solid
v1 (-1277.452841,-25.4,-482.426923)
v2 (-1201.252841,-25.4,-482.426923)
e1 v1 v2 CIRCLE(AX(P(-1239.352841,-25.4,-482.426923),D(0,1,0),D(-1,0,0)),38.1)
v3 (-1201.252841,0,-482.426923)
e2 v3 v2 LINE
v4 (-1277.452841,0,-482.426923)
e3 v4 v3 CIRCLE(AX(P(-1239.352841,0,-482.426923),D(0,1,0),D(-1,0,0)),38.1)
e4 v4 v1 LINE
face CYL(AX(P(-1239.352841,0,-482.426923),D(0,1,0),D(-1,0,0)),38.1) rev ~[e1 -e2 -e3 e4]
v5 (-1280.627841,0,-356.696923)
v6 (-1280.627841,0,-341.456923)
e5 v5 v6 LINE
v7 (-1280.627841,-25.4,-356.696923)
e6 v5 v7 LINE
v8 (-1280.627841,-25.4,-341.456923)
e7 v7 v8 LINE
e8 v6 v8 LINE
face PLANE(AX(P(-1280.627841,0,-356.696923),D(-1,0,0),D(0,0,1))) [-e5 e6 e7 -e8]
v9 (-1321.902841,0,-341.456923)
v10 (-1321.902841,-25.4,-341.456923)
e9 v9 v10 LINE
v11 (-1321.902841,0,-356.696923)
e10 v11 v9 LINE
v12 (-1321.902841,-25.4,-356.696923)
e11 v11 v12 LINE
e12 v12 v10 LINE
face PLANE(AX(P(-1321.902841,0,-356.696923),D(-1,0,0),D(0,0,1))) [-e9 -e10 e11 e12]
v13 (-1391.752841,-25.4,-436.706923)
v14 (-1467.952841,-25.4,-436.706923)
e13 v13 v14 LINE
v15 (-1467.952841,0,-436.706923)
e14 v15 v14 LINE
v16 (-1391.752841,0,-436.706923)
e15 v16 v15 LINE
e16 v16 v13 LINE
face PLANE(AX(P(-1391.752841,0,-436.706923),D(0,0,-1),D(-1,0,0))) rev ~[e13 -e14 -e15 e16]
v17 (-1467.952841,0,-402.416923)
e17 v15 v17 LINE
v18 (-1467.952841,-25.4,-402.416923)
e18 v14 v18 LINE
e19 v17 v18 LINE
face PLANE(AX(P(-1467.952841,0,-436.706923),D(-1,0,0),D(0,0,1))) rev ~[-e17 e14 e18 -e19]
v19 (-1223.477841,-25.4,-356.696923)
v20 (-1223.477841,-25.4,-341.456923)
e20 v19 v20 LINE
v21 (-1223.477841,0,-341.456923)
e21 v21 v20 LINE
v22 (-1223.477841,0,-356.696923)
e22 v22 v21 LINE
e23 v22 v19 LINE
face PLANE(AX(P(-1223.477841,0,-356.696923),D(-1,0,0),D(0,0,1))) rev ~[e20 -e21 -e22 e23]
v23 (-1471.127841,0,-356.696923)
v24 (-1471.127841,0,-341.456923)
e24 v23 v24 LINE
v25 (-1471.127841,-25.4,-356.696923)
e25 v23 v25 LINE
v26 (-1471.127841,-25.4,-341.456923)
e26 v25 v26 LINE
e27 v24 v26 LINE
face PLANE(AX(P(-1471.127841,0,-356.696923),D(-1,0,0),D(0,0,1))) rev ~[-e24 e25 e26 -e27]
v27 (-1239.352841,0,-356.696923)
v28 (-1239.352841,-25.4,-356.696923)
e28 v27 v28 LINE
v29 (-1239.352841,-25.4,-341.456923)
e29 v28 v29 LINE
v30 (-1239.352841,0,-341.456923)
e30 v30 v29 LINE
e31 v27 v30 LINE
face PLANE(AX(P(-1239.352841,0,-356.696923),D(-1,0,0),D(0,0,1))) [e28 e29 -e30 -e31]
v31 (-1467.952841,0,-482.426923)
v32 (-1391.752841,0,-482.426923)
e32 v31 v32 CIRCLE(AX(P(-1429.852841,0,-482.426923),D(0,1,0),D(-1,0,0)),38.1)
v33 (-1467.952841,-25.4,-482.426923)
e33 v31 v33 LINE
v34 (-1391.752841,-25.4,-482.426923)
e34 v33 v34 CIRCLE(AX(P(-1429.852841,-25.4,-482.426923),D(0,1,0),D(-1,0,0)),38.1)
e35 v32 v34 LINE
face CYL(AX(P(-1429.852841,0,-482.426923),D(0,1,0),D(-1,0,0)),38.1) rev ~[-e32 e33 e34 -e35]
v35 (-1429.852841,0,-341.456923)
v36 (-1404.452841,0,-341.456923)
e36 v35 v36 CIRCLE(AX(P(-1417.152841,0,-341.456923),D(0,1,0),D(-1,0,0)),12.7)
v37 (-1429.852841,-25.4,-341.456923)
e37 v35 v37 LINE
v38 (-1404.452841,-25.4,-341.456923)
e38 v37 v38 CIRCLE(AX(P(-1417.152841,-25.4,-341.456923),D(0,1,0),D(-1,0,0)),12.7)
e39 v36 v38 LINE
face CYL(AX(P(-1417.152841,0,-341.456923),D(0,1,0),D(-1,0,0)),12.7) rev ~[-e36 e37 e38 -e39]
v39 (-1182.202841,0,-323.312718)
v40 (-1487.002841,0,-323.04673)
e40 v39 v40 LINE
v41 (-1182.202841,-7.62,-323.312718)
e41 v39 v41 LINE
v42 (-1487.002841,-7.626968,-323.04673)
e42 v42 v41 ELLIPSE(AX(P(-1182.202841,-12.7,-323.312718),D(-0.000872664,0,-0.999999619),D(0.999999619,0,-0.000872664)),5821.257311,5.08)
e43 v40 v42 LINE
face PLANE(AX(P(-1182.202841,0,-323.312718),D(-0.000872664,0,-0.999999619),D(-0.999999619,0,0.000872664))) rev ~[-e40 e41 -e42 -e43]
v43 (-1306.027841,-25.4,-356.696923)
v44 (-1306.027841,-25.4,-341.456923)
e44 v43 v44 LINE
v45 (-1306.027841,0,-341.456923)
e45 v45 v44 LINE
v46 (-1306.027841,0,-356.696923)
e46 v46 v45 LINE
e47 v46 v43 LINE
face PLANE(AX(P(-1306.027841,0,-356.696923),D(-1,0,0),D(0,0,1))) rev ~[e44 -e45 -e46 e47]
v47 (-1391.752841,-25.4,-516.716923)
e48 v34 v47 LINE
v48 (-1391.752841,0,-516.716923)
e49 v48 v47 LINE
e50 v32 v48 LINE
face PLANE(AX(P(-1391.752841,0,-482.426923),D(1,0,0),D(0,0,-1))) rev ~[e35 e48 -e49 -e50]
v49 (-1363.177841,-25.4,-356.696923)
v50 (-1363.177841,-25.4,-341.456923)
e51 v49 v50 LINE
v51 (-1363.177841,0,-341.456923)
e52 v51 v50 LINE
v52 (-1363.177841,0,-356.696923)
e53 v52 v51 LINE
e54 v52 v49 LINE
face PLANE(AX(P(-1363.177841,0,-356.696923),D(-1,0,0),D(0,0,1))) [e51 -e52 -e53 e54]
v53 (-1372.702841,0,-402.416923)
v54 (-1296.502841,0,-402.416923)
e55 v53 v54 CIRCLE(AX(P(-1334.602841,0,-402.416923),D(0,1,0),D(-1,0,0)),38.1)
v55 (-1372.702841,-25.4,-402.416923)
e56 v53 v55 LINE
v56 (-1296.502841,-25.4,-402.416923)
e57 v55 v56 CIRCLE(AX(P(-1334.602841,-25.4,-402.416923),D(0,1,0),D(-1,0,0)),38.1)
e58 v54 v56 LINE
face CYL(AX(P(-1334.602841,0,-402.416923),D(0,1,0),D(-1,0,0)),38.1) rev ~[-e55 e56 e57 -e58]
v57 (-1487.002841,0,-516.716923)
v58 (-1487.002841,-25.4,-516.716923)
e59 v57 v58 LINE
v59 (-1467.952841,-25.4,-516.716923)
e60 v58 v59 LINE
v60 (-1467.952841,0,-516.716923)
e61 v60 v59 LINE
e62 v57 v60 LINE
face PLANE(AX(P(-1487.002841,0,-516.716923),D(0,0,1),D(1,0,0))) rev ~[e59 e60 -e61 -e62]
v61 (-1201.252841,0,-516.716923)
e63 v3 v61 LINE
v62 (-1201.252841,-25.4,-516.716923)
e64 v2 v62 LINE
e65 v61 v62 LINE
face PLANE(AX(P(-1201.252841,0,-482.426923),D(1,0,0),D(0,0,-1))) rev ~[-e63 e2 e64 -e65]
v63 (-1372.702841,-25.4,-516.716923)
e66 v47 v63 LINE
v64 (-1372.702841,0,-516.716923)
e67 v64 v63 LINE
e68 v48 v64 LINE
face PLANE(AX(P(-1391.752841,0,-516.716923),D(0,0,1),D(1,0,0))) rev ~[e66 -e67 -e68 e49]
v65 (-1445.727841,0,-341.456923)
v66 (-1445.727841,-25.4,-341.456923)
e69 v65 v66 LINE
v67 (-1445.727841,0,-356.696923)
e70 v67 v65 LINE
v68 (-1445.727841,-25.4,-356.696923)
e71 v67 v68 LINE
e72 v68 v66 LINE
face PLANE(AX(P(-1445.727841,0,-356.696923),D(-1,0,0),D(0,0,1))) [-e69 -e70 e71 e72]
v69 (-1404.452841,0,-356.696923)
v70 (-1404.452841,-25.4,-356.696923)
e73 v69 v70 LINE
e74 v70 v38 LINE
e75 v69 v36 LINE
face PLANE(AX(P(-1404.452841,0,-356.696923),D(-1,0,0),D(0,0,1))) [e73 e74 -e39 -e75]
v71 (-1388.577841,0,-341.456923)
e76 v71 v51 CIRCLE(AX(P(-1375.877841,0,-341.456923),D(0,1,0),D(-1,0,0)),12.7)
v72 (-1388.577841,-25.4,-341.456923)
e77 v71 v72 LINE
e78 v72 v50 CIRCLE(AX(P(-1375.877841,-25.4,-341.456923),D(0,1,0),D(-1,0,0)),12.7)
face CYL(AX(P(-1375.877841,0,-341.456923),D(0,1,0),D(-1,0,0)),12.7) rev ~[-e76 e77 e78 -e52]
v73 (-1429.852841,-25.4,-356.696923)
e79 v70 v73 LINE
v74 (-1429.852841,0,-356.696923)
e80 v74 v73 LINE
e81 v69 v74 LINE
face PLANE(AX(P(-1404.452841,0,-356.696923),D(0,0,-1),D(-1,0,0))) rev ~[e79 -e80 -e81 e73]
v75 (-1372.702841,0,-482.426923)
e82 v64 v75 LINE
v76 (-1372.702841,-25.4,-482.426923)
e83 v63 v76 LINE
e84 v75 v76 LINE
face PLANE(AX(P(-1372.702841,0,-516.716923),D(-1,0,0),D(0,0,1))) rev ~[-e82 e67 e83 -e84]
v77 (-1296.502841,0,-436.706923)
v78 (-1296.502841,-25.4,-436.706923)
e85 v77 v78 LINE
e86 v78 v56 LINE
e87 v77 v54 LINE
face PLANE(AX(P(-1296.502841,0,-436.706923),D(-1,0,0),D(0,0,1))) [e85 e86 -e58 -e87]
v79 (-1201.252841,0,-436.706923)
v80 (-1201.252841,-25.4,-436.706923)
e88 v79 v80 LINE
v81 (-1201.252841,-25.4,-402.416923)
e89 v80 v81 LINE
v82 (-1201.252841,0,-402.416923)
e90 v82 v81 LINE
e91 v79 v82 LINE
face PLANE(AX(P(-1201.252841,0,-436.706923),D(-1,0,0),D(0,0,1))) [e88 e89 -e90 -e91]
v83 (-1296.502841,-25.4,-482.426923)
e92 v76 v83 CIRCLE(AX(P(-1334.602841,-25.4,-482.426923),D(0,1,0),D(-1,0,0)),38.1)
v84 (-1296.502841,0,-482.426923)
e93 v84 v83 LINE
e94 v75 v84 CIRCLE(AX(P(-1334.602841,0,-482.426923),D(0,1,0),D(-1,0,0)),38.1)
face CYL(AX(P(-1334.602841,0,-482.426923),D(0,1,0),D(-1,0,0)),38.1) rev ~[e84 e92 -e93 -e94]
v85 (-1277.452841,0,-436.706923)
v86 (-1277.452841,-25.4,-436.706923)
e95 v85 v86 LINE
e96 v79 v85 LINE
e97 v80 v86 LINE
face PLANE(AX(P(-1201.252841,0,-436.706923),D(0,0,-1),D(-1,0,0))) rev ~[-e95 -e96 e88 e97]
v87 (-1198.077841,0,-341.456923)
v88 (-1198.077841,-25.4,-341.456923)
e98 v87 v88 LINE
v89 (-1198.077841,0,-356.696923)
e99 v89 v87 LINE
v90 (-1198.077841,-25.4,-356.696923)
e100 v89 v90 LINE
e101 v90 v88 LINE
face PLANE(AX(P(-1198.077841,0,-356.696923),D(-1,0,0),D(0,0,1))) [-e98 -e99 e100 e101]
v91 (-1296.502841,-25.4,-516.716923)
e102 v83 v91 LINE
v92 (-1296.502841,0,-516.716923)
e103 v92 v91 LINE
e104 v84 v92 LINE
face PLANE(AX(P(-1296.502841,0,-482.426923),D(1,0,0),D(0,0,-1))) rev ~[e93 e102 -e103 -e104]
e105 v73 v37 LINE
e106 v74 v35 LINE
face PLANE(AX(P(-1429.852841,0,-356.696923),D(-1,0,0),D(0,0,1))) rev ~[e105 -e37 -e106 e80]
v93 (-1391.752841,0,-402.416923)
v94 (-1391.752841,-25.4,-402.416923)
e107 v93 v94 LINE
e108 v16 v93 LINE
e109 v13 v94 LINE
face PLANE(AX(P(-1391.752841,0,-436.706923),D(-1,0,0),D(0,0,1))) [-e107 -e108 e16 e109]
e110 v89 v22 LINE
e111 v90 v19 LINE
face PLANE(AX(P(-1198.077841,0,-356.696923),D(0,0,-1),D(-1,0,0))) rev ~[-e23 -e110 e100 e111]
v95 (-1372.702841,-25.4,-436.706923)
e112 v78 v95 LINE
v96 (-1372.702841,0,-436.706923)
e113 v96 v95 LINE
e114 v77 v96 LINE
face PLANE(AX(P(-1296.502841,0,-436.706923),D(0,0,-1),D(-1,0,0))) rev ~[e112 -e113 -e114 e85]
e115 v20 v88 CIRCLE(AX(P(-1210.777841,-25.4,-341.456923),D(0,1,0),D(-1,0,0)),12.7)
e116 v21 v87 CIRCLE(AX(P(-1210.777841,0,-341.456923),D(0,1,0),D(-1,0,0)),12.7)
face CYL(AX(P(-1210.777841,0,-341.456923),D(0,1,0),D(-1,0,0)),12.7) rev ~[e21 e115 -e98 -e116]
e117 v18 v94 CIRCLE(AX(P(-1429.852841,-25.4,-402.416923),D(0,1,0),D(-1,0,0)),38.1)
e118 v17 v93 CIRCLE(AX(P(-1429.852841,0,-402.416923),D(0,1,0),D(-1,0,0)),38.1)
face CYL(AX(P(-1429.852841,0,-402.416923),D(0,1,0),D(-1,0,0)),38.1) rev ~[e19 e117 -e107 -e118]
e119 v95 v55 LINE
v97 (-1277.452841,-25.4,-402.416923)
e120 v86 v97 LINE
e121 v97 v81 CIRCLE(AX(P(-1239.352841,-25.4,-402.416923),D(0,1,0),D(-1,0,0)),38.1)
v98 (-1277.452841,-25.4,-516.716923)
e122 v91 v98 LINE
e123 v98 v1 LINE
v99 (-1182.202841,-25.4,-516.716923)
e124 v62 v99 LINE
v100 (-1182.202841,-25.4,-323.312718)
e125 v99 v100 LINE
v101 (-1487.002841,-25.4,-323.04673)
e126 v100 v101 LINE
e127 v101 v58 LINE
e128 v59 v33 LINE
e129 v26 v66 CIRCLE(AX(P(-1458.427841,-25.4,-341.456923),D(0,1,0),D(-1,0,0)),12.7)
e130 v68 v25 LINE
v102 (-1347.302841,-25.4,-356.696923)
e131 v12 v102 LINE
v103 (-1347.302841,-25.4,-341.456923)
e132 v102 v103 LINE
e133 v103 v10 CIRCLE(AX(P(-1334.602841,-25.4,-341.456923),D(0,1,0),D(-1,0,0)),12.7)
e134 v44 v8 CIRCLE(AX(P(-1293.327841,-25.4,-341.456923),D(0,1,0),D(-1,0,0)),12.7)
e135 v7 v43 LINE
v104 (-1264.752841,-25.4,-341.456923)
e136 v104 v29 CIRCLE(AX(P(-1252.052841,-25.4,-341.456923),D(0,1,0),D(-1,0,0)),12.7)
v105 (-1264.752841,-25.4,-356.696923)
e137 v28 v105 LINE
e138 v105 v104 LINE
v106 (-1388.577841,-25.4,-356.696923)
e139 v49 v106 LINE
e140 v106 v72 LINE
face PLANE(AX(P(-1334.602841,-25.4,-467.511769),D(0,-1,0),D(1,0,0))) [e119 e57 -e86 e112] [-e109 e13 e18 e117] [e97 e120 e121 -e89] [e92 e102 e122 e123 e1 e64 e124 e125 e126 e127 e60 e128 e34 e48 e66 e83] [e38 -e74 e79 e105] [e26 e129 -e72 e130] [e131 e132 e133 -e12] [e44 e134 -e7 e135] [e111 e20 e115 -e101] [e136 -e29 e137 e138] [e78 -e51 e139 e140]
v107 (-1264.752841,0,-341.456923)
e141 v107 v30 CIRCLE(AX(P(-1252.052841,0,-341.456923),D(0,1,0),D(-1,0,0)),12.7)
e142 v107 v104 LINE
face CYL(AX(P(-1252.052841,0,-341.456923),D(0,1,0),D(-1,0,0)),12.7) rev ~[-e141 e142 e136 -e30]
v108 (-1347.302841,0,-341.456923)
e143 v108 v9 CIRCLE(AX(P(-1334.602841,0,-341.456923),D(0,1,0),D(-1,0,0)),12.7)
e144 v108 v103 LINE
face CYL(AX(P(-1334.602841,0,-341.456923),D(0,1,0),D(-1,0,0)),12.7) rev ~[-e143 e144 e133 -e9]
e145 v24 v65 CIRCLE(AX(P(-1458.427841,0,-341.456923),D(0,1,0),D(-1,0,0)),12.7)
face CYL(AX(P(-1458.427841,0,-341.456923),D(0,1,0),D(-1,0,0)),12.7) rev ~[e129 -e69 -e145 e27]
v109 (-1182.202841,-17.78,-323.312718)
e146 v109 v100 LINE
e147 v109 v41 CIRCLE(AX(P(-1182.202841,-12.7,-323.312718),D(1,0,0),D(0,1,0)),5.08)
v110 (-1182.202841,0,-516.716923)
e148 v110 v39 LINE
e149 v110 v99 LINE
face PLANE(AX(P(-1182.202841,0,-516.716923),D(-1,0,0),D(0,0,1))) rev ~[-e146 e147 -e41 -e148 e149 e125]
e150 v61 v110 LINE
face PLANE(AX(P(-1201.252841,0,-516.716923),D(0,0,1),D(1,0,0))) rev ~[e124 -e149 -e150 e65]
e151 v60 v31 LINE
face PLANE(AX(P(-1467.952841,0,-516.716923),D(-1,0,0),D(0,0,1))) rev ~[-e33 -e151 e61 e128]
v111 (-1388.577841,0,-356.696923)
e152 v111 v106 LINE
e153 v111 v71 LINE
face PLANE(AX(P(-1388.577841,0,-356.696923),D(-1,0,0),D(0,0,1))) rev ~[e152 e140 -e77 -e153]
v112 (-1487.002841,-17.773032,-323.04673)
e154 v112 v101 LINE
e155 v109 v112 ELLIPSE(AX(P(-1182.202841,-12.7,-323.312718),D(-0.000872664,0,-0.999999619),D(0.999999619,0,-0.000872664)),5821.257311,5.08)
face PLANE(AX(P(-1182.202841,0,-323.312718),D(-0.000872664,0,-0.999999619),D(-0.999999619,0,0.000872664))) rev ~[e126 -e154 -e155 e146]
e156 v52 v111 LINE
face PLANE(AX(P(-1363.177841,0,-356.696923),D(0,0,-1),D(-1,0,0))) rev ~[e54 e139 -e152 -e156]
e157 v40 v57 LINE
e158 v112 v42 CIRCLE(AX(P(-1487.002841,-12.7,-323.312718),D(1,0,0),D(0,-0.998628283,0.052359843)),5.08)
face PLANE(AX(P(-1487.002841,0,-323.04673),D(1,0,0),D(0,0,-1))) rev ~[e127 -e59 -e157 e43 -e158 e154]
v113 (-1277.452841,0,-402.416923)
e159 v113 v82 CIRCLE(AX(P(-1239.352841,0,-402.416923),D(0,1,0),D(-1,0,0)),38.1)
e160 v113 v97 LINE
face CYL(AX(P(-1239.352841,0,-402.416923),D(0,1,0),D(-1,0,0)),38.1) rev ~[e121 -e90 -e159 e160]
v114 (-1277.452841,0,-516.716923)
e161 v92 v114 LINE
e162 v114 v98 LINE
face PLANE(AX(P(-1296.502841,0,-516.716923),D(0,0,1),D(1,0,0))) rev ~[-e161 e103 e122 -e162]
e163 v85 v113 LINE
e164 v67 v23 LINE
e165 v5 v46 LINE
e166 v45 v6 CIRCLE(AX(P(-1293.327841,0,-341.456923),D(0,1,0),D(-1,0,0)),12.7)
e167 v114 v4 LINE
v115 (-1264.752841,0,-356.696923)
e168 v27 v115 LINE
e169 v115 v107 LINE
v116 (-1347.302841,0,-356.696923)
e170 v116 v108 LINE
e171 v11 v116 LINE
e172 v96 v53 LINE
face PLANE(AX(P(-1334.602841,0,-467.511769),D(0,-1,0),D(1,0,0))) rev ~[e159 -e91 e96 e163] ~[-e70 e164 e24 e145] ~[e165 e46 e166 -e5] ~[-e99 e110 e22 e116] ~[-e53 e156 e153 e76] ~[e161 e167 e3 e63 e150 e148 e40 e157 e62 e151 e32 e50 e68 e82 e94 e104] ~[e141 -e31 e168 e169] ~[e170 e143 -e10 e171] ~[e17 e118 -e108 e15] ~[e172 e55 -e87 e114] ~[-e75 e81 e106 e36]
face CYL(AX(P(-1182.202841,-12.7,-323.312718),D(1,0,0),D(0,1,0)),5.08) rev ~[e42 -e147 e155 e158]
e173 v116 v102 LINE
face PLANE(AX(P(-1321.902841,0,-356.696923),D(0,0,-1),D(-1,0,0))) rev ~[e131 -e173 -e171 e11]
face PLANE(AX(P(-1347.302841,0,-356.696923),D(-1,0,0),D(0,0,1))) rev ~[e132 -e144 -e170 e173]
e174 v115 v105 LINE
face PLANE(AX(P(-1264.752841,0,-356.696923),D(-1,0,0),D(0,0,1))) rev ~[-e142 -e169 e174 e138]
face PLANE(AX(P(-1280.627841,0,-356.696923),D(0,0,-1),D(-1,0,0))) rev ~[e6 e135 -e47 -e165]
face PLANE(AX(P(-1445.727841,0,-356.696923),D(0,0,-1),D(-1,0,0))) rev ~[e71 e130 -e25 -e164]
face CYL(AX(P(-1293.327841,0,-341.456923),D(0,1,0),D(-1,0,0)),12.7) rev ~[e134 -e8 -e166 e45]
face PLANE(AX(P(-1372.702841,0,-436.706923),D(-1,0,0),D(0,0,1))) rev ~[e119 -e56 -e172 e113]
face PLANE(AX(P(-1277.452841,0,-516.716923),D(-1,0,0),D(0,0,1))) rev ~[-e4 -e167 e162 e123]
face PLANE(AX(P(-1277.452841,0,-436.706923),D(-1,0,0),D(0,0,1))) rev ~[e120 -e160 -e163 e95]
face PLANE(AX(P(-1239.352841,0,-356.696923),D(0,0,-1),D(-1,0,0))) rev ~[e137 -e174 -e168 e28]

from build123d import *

# Parameters (mm, degrees)
F0_W     = 19.05
F0_H     = 34.29
F0_W_2   = 15.875
F0_H_2   = 15.24
F1_DEPTH = 25.4
F2_R     = 5.08
F3_DEPTH = 304.801


with BuildPart() as f1:
    # F0 (on Front) → F1 (new body)
    with BuildSketch(Plane.XZ):
        with BuildLine():
            Line((-1391.752841, -482.426923), (-1391.752841, -516.716923))
            Line((-1391.752841, -516.716923), (-1372.702841, -516.716923))
            Line((-1372.702841, -516.716923), (-1372.702841, -482.426923))
            ThreePointArc((-1372.702841, -482.426923), (-1334.602841, -444.326923), (-1296.502841, -482.426923))
            Line((-1296.502841, -482.426923), (-1296.502841, -516.716923))
            Line((-1296.502841, -516.716923), (-1277.452841, -516.716923))
            Line((-1277.452841, -516.716923), (-1277.452841, -482.426923))
            ThreePointArc((-1277.452841, -482.426923), (-1239.352841, -444.326923), (-1201.252841, -482.426923))
            Line((-1201.252841, -482.426923), (-1201.252841, -516.716923))
            Line((-1201.252841, -516.716923), (-1182.202841, -516.716923))
            Line((-1182.202841, -516.716923), (-1182.202841, -482.426923))
            Line((-1182.202841, -482.426923), (-1182.202841, -436.706923))
            Line((-1182.202841, -436.706923), (-1201.252841, -436.706923))
            Line((-1201.252841, -436.706923), (-1277.452841, -436.706923))
            Line((-1277.452841, -436.706923), (-1296.502841, -436.706923))
            Line((-1296.502841, -436.706923), (-1372.702841, -436.706923))
            Line((-1372.702841, -436.706923), (-1391.752841, -436.706923))
            Line((-1391.752841, -436.706923), (-1467.952841, -436.706923))
            Line((-1467.952841, -436.706923), (-1487.002841, -436.706923))
            Line((-1487.002841, -436.706923), (-1487.002841, -482.426923))
            Line((-1487.002841, -482.426923), (-1487.002841, -516.716923))
            Line((-1487.002841, -516.716923), (-1467.952841, -516.716923))
            Line((-1467.952841, -516.716923), (-1467.952841, -482.426923))
            ThreePointArc((-1467.952841, -482.426923), (-1429.852841, -444.326923), (-1391.752841, -482.426923))
        make_face()
        with Locations((-1477.477841, -419.561923)):
            Rectangle(F0_W, F0_H)
        with BuildLine():
            Line((-1487.002841, -356.696923), (-1487.002841, -402.416923))
            Line((-1487.002841, -402.416923), (-1467.952841, -402.416923))
            ThreePointArc((-1467.952841, -402.416923), (-1429.852841, -364.316923), (-1391.752841, -402.416923))
            Line((-1391.752841, -402.416923), (-1372.702841, -402.416923))
            ThreePointArc((-1372.702841, -402.416923), (-1334.602841, -364.316923), (-1296.502841, -402.416923))
            Line((-1296.502841, -402.416923), (-1277.452841, -402.416923))
            ThreePointArc((-1277.452841, -402.416923), (-1239.352841, -364.316923), (-1201.252841, -402.416923))
            Line((-1201.252841, -402.416923), (-1182.202841, -402.416923))
            Line((-1182.202841, -402.416923), (-1182.202841, -356.696923))
            Line((-1182.202841, -356.696923), (-1198.077841, -356.696923))
            Line((-1198.077841, -356.696923), (-1223.477841, -356.696923))
            Line((-1223.477841, -356.696923), (-1239.352841, -356.696923))
            Line((-1239.352841, -356.696923), (-1264.752841, -356.696923))
            Line((-1264.752841, -356.696923), (-1280.627841, -356.696923))
            Line((-1280.627841, -356.696923), (-1306.027841, -356.696923))
            Line((-1306.027841, -356.696923), (-1321.902841, -356.696923))
            Line((-1321.902841, -356.696923), (-1347.302841, -356.696923))
            Line((-1347.302841, -356.696923), (-1363.177841, -356.696923))
            Line((-1363.177841, -356.696923), (-1388.577841, -356.696923))
            Line((-1388.577841, -356.696923), (-1404.452841, -356.696923))
            Line((-1404.452841, -356.696923), (-1429.852841, -356.696923))
            Line((-1429.852841, -356.696923), (-1445.727841, -356.696923))
            Line((-1445.727841, -356.696923), (-1471.127841, -356.696923))
            Line((-1471.127841, -356.696923), (-1487.002841, -356.696923))
        make_face()
        with Locations((-1479.065341, -349.076923)):
            Rectangle(F0_W_2, F0_H_2)
        with BuildLine():
            Line((-1487.002841, -323.04673), (-1487.002841, -341.456923))
            Line((-1487.002841, -341.456923), (-1471.127841, -341.456923))
            ThreePointArc((-1471.127841, -341.456923), (-1458.427841, -328.756923), (-1445.727841, -341.456923))
            Line((-1445.727841, -341.456923), (-1429.852841, -341.456923))
            ThreePointArc((-1429.852841, -341.456923), (-1417.152841, -328.756923), (-1404.452841, -341.456923))
            Line((-1404.452841, -341.456923), (-1388.577841, -341.456923))
            ThreePointArc((-1388.577841, -341.456923), (-1375.877841, -328.756923), (-1363.177841, -341.456923))
            Line((-1363.177841, -341.456923), (-1347.302841, -341.456923))
            ThreePointArc((-1347.302841, -341.456923), (-1334.602841, -328.756923), (-1321.902841, -341.456923))
            Line((-1321.902841, -341.456923), (-1306.027841, -341.456923))
            ThreePointArc((-1306.027841, -341.456923), (-1293.327841, -328.756923), (-1280.627841, -341.456923))
            Line((-1280.627841, -341.456923), (-1264.752841, -341.456923))
            ThreePointArc((-1264.752841, -341.456923), (-1252.052841, -328.756923), (-1239.352841, -341.456923))
            Line((-1239.352841, -341.456923), (-1223.477841, -341.456923))
            ThreePointArc((-1223.477841, -341.456923), (-1210.777841, -328.756923), (-1198.077841, -341.456923))
            Line((-1198.077841, -341.456923), (-1182.202841, -341.456923))
            Line((-1182.202841, -341.456923), (-1182.202841, -323.312718))
            Line((-1182.202841, -323.312718), (-1487.002841, -323.04673))
        make_face()
        with Locations((-1191.727841, -419.561923)):
            Rectangle(F0_W, F0_H)
        with Locations((-1190.140341, -349.076923)):
            Rectangle(F0_W_2, F0_H_2)
        with Locations((-1382.227841, -419.561923)):
            Rectangle(F0_W, F0_H)
        with Locations((-1286.977841, -419.561923)):
            Rectangle(F0_W, F0_H)
        with Locations((-1396.515341, -349.076923)):
            Rectangle(F0_W_2, F0_H_2)
        with Locations((-1355.240341, -349.076923)):
            Rectangle(F0_W_2, F0_H_2)
        with Locations((-1313.965341, -349.076923)):
            Rectangle(F0_W_2, F0_H_2)
        with Locations((-1272.690341, -349.076923)):
            Rectangle(F0_W_2, F0_H_2)
        with Locations((-1437.790341, -349.076923)):
            Rectangle(F0_W_2, F0_H_2)
        with Locations((-1231.415341, -349.076923)):
            Rectangle(F0_W_2, F0_H_2)
    extrude(amount=F1_DEPTH)

    # F2 (on face) → F3 (cut, through all)
    with BuildSketch(Plane.YZ.offset(-1182.202841)):
        with Locations((-12.7, -323.312718)):
            Circle(F2_R)
    extrude(amount=-F3_DEPTH, mode=Mode.SUBTRACT)


solid = f1.part
